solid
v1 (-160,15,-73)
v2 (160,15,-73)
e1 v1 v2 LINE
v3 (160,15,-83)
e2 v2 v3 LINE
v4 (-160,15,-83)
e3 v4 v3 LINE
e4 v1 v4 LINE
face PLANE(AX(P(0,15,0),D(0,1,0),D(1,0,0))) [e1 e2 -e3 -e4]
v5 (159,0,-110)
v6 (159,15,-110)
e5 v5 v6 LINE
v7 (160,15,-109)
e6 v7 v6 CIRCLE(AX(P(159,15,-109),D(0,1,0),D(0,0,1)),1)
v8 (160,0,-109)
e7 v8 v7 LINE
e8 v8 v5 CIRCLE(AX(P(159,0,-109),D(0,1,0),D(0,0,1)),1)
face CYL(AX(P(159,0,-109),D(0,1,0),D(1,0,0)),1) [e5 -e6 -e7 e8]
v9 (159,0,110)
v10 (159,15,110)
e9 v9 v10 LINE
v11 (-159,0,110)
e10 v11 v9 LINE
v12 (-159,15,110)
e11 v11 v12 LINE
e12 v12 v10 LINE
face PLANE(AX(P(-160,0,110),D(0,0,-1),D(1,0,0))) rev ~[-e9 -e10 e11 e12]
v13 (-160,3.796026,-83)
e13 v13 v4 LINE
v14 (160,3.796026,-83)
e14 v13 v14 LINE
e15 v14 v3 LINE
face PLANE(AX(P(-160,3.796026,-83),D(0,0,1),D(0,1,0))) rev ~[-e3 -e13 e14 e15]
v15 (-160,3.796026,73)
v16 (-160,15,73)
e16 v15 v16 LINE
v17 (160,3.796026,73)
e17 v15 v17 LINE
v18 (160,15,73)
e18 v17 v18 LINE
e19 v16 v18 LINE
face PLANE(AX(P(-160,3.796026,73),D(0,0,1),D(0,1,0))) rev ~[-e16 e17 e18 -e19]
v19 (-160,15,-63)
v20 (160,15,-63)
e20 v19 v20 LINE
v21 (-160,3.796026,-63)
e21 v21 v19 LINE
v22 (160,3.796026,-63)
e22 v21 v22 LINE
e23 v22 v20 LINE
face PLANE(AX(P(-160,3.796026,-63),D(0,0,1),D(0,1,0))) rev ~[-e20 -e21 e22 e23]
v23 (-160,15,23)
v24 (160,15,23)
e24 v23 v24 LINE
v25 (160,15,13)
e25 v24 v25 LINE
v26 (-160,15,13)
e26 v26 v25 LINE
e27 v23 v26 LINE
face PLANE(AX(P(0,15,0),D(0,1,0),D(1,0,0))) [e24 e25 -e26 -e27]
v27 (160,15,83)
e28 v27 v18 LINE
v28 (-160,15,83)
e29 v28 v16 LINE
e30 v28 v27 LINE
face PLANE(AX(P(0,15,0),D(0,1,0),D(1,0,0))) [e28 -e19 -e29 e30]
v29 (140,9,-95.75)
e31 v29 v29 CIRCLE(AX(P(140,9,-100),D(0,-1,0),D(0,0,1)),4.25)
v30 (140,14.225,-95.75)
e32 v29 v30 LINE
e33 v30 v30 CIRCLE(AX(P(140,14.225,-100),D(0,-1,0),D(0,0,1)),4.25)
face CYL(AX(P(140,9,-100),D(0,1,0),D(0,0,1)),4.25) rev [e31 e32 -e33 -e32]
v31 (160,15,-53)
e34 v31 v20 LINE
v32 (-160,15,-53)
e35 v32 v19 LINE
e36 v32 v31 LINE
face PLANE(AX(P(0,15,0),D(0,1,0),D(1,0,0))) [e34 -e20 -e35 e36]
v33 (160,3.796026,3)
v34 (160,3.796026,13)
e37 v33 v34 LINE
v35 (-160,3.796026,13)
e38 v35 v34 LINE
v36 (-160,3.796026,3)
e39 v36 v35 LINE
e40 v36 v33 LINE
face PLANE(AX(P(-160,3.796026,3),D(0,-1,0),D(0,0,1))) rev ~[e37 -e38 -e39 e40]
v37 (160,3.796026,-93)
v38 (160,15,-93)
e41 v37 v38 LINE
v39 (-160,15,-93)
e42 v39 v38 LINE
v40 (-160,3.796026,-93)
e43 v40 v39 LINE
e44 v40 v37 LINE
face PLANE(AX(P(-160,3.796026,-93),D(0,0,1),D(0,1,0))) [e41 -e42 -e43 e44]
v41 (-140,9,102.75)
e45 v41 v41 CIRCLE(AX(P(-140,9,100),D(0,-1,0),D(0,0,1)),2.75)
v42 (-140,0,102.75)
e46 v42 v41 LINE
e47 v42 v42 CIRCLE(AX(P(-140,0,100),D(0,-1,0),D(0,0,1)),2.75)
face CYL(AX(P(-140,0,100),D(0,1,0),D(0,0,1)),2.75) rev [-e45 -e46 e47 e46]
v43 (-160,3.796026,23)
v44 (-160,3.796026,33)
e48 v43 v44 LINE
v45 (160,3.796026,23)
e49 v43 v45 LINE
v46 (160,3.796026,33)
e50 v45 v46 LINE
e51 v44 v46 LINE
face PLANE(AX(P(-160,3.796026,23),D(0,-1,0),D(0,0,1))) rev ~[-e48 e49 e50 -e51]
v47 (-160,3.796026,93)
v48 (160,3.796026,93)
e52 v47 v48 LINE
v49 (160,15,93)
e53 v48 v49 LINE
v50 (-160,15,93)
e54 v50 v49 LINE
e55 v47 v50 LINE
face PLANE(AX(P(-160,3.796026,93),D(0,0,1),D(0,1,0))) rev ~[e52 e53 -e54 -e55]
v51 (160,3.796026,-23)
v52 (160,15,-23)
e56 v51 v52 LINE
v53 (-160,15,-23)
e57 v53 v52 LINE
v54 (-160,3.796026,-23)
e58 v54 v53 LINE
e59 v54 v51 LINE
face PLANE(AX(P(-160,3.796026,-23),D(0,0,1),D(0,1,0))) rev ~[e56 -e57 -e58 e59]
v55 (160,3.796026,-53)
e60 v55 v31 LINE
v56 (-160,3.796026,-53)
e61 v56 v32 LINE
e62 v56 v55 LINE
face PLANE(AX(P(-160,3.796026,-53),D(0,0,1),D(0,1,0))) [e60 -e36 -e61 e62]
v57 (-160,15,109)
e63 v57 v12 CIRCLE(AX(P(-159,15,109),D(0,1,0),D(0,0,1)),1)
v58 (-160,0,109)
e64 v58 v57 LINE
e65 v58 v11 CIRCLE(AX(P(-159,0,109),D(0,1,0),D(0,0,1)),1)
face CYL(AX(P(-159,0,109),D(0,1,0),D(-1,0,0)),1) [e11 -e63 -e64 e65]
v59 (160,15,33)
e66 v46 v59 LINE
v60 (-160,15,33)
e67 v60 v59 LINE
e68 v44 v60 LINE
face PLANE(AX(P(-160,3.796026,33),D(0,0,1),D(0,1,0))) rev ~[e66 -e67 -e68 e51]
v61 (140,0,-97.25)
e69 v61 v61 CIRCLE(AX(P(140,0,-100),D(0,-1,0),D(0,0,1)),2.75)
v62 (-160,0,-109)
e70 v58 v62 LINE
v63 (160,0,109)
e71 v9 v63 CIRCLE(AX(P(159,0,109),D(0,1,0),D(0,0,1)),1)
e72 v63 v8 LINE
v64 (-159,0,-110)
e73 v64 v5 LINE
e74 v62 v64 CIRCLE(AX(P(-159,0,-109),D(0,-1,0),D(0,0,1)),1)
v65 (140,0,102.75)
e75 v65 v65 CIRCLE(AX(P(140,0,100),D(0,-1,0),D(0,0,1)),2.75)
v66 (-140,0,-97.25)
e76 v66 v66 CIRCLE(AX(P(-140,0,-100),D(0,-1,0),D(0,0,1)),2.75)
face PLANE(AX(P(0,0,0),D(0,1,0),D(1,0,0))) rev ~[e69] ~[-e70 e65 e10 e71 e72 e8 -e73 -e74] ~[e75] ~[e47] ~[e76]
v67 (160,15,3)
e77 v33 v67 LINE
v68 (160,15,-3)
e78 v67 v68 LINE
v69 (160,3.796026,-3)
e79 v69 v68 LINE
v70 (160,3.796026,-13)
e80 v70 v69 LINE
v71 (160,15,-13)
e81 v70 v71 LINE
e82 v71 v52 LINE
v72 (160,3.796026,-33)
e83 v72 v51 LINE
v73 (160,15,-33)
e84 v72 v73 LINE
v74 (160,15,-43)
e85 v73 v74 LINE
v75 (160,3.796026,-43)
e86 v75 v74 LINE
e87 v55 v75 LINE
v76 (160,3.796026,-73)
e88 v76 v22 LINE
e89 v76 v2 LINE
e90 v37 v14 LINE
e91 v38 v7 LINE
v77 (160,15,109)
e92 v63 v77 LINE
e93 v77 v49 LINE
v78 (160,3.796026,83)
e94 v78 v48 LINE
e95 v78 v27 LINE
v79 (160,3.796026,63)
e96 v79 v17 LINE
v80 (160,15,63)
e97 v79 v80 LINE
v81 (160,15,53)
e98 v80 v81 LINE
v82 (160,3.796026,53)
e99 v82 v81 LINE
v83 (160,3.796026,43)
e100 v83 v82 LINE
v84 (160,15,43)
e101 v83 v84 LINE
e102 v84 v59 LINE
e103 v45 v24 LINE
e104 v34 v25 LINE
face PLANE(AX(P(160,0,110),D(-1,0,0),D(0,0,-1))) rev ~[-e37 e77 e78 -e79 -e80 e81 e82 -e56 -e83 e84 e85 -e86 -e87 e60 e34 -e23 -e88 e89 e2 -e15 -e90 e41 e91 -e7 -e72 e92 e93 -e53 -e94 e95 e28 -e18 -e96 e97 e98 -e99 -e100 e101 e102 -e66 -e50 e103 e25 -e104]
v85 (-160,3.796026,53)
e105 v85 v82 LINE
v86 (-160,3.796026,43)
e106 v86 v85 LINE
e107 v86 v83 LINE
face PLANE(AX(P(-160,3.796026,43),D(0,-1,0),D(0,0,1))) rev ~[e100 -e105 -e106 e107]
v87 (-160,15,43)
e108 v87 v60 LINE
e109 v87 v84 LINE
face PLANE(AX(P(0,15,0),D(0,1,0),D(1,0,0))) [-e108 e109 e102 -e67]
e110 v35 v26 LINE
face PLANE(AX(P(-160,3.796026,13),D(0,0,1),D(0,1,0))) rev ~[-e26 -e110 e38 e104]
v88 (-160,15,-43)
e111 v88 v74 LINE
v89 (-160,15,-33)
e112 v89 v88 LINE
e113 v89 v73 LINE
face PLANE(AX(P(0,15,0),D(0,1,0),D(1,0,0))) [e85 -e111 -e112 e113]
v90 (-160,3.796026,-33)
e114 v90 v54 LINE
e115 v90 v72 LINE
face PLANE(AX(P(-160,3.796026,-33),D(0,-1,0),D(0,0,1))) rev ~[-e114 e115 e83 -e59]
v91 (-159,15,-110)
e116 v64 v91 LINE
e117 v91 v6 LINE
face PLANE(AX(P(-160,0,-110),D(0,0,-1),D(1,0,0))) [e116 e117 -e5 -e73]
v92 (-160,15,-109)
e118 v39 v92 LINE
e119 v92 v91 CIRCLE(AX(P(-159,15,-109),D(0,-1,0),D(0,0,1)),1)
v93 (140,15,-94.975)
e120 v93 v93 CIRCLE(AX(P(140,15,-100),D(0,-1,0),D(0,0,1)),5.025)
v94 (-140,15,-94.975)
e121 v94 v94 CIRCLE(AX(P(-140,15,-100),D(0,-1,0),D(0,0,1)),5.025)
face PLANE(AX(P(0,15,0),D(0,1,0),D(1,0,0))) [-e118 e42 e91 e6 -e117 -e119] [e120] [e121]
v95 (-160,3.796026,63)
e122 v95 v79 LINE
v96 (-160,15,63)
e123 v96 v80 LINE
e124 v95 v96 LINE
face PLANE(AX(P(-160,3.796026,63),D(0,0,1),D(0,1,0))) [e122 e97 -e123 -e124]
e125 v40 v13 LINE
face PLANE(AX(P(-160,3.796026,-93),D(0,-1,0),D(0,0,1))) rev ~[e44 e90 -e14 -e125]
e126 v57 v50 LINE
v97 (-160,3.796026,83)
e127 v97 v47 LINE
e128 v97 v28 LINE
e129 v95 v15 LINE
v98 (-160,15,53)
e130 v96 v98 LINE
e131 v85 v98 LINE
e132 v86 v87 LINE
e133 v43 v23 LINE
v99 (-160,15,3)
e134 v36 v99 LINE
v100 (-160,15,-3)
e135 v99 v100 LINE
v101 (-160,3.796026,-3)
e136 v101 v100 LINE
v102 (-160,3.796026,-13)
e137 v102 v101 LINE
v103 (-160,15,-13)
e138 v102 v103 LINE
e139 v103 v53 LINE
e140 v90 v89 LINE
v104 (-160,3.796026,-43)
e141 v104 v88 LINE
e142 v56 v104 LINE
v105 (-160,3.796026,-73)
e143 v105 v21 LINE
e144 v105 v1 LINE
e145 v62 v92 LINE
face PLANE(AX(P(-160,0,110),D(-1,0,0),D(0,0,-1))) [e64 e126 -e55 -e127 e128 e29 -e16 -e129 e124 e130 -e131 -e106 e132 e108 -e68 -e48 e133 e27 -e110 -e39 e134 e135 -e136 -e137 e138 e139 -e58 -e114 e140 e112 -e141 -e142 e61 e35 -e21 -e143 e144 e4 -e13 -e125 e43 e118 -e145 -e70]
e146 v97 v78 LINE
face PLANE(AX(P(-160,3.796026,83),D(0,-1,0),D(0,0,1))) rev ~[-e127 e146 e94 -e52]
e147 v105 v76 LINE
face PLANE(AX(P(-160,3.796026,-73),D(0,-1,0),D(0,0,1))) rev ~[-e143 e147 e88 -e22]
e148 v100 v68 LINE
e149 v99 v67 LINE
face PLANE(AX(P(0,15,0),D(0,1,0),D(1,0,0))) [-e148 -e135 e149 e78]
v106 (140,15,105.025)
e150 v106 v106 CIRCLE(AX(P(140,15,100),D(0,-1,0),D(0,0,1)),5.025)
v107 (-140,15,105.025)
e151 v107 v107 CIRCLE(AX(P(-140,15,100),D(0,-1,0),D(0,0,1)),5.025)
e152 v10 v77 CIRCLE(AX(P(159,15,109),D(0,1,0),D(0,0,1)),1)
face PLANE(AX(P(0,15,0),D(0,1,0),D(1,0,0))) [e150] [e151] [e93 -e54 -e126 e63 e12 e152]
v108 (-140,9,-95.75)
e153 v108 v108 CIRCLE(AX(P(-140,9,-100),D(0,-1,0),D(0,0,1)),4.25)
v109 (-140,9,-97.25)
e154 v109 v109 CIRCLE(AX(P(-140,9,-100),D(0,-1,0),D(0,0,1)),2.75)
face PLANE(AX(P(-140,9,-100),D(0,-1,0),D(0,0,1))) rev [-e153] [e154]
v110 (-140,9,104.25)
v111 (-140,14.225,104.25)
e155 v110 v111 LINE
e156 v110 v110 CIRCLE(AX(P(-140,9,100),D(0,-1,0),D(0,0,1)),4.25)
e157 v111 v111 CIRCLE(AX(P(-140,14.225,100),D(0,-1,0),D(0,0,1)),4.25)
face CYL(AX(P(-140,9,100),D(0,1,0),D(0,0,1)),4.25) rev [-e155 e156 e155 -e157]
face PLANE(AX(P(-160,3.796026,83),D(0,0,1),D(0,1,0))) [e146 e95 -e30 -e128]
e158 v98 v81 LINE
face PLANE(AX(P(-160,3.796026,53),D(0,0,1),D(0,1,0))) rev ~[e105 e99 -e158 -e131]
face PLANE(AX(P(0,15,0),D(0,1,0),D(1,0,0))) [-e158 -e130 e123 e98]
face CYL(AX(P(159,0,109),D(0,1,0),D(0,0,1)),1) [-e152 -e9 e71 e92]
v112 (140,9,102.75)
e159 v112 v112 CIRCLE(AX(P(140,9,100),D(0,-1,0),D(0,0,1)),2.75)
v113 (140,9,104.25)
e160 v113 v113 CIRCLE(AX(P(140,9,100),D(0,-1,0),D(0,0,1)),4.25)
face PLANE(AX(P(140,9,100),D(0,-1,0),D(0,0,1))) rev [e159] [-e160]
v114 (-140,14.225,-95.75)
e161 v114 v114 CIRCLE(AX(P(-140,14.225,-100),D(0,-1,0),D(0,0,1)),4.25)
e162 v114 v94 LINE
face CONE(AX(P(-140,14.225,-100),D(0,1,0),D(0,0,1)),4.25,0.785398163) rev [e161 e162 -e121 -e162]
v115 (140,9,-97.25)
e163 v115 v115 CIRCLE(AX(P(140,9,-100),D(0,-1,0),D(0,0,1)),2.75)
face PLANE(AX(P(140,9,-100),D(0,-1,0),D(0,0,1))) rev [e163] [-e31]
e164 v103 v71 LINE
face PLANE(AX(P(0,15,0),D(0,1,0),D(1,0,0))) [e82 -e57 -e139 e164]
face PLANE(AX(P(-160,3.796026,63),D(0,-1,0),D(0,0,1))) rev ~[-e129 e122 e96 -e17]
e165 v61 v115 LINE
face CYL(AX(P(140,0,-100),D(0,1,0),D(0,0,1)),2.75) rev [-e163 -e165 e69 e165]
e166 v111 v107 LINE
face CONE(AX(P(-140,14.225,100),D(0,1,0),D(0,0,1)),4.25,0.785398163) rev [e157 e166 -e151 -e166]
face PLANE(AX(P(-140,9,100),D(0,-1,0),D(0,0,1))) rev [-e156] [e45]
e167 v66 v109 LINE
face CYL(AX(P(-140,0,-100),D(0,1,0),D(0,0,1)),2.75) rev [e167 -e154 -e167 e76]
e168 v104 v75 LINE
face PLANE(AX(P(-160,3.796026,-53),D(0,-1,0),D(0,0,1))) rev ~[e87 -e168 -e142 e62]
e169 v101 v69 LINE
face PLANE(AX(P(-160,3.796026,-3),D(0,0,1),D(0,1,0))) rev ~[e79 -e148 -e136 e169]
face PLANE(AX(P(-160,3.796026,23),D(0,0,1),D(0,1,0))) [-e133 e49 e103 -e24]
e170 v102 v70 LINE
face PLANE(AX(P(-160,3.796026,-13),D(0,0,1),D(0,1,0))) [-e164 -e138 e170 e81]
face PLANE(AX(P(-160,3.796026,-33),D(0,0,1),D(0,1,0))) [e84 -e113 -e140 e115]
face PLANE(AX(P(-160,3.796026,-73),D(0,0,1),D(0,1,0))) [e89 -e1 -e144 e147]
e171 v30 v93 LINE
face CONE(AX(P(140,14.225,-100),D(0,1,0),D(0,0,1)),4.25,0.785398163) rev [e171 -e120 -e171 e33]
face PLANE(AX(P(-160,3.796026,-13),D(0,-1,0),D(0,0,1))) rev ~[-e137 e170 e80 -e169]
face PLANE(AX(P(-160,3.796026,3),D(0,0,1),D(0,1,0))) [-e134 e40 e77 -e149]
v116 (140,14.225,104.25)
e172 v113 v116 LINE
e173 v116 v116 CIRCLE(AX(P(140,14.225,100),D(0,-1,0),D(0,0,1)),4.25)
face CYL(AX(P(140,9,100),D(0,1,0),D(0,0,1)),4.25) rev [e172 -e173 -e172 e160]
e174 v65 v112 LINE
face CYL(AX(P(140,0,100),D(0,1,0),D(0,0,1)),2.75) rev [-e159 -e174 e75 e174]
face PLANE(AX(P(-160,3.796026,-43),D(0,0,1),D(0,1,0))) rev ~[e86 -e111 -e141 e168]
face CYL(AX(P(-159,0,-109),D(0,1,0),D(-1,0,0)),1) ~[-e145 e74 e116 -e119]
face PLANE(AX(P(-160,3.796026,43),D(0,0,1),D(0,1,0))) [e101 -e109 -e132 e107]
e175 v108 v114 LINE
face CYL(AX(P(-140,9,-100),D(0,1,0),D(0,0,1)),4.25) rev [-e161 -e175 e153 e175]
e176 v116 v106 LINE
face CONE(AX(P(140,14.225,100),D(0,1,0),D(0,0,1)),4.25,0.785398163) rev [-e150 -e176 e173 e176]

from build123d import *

# Parameters (mm, degrees)
SKETCH1_W                                    = 320
SKETCH1_H                                    = 220
BOSS_EXTRUDE1_DEPTH                          = 15
FILLET2_R                                    = 1
CBORE_FOR_M5_HEX_SOCKET_HEAD_CAP_SCR_2_COUNT = 2
CBORE_FOR_M5_HEX_SOCKET_HEAD_CAP_SCR_2_PITCH = 200
CBORE_FOR_M5_HEX_SOCKET_HEAD_CAP_SCR_3_COUNT = 2
CBORE_FOR_M5_HEX_SOCKET_HEAD_CAP_SCR_3_PITCH = 344.093010682
CBORE_FOR_M5_HEX_SOCKET_HEAD_CAP_SCR_4_COUNT = 2
CBORE_FOR_M5_HEX_SOCKET_HEAD_CAP_SCR_4_PITCH = 280
SKETCH7_W                                    = 10
SKETCH7_H                                    = 11.203973801
CUT_EXTRUDE1_DEPTH                           = 321


with BuildPart() as part:
    # Sketch1 → Boss-Extrude1 (new body)
    with BuildSketch(Plane(origin=(0, 0, 0), x_dir=(1, 0, 0), z_dir=(0, 1, 0))):
        Rectangle(SKETCH1_W, SKETCH1_H)
    extrude(amount=BOSS_EXTRUDE1_DEPTH)

    # Fillet2
    fillet2_edges = [part.edges().sort_by_distance(p)[0] for p in [
        (-160, 7.5, -110),
        (160, 7.5, -110),
        (160, 7.5, 110),
        (-160, 7.5, 110),
    ]]
    fillet(fillet2_edges, radius=FILLET2_R)

    # Sketch5 → CBORE for M5 Hex Socket Head Cap Screw2 (revolve, cut)
    with BuildSketch(Plane(origin=(-140, 15, -100), x_dir=(0, 0, 1), z_dir=(1, 0, 0))):
        Polygon((0, 0), (0, 15), (2.75, 15), (2.75, 6), (4.25, 6), (4.25, 0.775), (5.025, 0), align=None)
    cbore_for_m5_hex_socket_head_cap_screw2 = revolve(axis=Axis((-140, 21.35, -100), (0, -1, 0)), mode=Mode.SUBTRACT)

    # CBORE for M5 Hex Socket Head Cap Scr 2: CBORE for M5 Hex Socket Head Cap Screw2 ×2
    with Locations(*[(0, 0, i * CBORE_FOR_M5_HEX_SOCKET_HEAD_CAP_SCR_2_PITCH) for i in range(1, CBORE_FOR_M5_HEX_SOCKET_HEAD_CAP_SCR_2_COUNT)]):
        add(cbore_for_m5_hex_socket_head_cap_screw2, mode=Mode.SUBTRACT)

    # CBORE for M5 Hex Socket Head Cap Scr 3: CBORE for M5 Hex Socket Head Cap Screw2 ×2
    with Locations(*[Vector(0.813733471, 0, 0.581238194) * (i * CBORE_FOR_M5_HEX_SOCKET_HEAD_CAP_SCR_3_PITCH) for i in range(1, CBORE_FOR_M5_HEX_SOCKET_HEAD_CAP_SCR_3_COUNT)]):
        add(cbore_for_m5_hex_socket_head_cap_screw2, mode=Mode.SUBTRACT)

    # CBORE for M5 Hex Socket Head Cap Scr 4: CBORE for M5 Hex Socket Head Cap Screw2 ×2
    with Locations(*[(i * CBORE_FOR_M5_HEX_SOCKET_HEAD_CAP_SCR_4_PITCH, 0, 0) for i in range(1, CBORE_FOR_M5_HEX_SOCKET_HEAD_CAP_SCR_4_COUNT)]):
        add(cbore_for_m5_hex_socket_head_cap_screw2, mode=Mode.SUBTRACT)

    # Sketch7 → Cut-Extrude1 (cut, through all)
    with BuildSketch(Plane.ZY.offset(160)):
        with Locations((-88, 9.3980131)):
            Rectangle(SKETCH7_W, SKETCH7_H)
        with Locations((8, 9.3980131)):
            Rectangle(SKETCH7_W, SKETCH7_H)
        with Locations((-68, 9.3980131)):
            Rectangle(SKETCH7_W, SKETCH7_H)
        with Locations((-48, 9.3980131)):
            Rectangle(SKETCH7_W, SKETCH7_H)
        with Locations((-28, 9.3980131)):
            Rectangle(SKETCH7_W, SKETCH7_H)
        with Locations((-8, 9.3980131)):
            Rectangle(SKETCH7_W, SKETCH7_H)
        with Locations((28, 9.3980131)):
            Rectangle(SKETCH7_W, SKETCH7_H)
        with Locations((48, 9.3980131)):
            Rectangle(SKETCH7_W, SKETCH7_H)
        with Locations((68, 9.3980131)):
            Rectangle(SKETCH7_W, SKETCH7_H)
        with Locations((88, 9.3980131)):
            Rectangle(SKETCH7_W, SKETCH7_H)
    extrude(amount=-CUT_EXTRUDE1_DEPTH, mode=Mode.SUBTRACT)


solid = part.part
